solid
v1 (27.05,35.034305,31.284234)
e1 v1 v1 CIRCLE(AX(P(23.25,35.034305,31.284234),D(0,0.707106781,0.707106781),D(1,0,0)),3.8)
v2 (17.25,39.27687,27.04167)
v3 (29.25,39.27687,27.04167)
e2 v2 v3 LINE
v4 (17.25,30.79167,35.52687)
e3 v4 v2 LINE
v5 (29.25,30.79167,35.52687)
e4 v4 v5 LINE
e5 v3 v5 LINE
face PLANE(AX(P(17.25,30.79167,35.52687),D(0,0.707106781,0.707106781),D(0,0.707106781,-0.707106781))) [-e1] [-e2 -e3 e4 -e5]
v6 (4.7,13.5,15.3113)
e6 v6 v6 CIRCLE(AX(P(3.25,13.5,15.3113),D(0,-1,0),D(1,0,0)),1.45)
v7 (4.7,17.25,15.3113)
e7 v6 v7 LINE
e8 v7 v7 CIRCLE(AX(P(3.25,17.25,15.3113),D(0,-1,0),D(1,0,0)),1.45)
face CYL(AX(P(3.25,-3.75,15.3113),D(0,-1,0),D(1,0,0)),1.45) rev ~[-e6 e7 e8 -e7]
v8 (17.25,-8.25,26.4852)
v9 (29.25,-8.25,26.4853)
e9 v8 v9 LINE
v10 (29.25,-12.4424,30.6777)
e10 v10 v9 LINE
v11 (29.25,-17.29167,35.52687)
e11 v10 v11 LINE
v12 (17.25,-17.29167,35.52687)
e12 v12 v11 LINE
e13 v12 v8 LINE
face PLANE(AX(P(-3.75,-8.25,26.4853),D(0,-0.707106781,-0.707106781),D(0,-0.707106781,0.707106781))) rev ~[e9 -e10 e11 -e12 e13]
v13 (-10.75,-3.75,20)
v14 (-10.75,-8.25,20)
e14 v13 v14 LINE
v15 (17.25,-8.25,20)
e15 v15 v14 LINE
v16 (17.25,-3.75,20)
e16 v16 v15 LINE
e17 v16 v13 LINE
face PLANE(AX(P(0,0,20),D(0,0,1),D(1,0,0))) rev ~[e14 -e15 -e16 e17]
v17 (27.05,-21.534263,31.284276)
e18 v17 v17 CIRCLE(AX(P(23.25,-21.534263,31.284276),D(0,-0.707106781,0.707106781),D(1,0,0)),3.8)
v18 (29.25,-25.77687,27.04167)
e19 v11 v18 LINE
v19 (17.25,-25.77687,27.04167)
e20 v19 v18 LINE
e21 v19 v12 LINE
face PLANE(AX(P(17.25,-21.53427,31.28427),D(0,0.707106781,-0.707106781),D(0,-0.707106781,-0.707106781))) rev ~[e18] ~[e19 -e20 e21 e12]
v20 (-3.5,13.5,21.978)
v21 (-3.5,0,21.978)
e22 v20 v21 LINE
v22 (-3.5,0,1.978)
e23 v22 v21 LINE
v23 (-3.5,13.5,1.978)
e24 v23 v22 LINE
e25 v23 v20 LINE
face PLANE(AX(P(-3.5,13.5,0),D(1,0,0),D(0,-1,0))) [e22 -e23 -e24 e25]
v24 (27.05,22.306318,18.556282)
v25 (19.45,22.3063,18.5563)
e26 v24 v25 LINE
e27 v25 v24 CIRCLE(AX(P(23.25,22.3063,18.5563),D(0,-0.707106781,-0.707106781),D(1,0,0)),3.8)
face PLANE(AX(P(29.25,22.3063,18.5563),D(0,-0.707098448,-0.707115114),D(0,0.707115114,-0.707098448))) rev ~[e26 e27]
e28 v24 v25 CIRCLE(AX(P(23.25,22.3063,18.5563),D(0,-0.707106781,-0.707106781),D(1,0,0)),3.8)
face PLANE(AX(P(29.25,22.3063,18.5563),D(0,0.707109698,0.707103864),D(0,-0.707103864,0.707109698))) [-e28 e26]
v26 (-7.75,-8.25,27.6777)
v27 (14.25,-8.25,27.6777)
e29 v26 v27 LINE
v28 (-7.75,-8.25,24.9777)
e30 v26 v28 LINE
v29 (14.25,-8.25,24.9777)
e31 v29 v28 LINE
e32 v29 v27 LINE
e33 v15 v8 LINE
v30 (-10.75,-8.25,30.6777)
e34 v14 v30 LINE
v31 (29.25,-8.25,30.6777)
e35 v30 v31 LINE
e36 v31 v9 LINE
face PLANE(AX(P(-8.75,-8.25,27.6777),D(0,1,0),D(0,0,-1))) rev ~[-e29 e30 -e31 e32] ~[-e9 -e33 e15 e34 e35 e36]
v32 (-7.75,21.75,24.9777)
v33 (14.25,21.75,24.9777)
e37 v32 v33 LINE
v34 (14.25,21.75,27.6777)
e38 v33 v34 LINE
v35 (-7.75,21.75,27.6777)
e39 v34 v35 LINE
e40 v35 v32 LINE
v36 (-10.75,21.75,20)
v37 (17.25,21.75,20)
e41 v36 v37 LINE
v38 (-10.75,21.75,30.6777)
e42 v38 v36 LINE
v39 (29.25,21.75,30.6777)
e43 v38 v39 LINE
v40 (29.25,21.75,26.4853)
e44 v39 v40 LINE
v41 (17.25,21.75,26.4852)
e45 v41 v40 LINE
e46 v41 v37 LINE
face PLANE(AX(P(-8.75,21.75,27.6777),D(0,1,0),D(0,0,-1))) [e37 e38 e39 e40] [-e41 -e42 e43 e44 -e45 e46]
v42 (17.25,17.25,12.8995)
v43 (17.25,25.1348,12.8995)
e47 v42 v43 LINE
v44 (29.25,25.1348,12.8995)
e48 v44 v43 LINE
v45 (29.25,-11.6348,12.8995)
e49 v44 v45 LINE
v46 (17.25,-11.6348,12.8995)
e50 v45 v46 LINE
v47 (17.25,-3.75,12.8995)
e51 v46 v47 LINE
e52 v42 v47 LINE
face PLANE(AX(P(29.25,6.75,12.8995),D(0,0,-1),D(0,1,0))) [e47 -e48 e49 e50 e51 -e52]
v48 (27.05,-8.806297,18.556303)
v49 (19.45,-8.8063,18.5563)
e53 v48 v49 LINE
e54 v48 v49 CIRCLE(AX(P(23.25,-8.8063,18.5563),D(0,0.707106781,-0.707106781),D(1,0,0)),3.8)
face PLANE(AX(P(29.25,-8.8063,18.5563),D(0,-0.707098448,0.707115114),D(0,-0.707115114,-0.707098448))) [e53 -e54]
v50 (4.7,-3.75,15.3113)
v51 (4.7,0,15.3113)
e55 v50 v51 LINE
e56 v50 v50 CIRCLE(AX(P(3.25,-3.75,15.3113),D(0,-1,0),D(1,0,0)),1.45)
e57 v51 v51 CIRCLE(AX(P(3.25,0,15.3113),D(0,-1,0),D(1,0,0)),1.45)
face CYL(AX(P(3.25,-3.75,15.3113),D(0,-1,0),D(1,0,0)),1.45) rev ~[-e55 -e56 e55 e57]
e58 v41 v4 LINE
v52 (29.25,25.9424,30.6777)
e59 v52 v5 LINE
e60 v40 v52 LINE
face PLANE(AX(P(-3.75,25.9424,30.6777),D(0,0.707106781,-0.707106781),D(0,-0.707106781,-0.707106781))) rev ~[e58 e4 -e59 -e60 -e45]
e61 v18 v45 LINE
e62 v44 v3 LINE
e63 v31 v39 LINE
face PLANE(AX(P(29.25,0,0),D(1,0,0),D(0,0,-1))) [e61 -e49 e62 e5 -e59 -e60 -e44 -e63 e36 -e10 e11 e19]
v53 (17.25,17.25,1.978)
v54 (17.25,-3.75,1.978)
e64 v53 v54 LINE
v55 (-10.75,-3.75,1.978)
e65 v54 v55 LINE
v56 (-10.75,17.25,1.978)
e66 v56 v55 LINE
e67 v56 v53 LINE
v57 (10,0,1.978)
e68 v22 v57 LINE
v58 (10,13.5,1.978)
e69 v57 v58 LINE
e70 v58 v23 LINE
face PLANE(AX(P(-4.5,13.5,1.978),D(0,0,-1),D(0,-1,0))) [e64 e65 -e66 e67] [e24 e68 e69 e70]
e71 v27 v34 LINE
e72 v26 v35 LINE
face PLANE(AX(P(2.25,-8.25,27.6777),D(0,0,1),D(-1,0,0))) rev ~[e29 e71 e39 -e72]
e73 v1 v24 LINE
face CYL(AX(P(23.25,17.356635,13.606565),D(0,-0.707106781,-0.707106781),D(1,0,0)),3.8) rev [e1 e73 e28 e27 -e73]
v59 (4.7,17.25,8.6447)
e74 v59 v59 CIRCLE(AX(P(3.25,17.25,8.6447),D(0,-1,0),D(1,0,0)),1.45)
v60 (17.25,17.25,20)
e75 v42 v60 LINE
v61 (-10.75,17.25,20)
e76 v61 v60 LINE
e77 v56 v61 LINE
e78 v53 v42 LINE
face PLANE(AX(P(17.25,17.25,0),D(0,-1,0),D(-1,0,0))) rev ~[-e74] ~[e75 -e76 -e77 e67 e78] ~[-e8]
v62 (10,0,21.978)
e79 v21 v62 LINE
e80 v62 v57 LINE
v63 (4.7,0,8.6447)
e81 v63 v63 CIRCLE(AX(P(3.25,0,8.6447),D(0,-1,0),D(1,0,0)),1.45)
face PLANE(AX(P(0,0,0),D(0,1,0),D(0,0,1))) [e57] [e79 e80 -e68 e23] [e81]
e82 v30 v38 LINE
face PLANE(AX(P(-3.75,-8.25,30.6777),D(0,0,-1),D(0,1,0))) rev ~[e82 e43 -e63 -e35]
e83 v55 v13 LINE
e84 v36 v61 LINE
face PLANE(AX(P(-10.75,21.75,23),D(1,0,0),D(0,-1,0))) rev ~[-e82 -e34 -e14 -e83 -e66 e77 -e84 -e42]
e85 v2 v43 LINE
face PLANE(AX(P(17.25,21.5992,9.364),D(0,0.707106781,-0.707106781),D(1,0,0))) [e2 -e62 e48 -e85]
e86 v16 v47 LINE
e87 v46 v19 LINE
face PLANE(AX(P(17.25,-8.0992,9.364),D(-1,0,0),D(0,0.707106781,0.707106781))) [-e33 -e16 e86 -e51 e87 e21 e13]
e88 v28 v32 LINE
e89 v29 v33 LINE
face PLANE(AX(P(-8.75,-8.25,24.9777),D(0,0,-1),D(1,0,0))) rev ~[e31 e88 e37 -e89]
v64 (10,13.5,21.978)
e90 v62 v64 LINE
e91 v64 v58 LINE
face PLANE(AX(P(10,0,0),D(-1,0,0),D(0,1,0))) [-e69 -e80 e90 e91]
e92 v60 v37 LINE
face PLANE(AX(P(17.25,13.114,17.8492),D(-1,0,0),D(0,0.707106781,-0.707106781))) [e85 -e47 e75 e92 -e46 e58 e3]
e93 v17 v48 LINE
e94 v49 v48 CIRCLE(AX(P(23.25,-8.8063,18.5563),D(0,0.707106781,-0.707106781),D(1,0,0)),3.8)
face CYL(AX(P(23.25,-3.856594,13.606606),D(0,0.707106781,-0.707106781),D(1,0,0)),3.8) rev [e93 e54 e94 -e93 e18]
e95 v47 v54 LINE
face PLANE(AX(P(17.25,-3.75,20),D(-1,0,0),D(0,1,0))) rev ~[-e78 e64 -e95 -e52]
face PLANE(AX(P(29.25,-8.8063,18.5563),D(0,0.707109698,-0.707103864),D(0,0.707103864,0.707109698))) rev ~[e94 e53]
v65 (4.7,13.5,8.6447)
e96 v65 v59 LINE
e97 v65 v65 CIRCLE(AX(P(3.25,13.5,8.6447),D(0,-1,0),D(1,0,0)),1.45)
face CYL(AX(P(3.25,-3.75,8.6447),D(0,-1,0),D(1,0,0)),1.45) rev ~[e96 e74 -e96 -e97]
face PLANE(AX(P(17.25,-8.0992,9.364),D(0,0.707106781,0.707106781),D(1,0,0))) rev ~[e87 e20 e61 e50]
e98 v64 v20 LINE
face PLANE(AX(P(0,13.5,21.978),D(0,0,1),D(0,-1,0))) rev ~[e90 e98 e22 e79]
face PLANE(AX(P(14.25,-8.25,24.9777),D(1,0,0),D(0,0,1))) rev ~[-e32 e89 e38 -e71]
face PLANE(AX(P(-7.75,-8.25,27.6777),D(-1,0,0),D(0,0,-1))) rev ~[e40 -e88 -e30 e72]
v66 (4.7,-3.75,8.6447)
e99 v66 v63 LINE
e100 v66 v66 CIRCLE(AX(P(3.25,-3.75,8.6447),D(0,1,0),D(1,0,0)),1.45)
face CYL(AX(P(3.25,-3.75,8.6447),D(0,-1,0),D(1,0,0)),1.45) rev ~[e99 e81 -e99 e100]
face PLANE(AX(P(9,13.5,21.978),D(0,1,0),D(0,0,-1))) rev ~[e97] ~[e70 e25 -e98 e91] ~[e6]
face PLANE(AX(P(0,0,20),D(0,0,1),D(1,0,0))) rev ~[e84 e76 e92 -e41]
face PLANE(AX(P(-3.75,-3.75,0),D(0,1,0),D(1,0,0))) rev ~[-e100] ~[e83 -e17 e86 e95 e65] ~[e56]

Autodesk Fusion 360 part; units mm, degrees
sketch "Sketch1" plane through (0, 0, 0) normal (0, 0, 1) x (1, 0, 0)
  line L0 (0, 0) -> (13.5, 0)
  line L1 (13.5, 0) -> (13.5, 13.5)
  line L2 (13.5, 13.5) -> (0, 13.5)
  line L3 (0, 13.5) -> (0, 0)
  line L4 (-3.75, -3.75) -> (17.25, -3.75)
  line L5 (17.25, -3.75) -> (17.25, 17.25)
  line L6 (17.25, 17.25) -> (-3.75, 17.25)
  line L7 (-3.75, 17.25) -> (-3.75, -3.75)
  dimension "d1" = 13.5
  dimension "d2" = 13.5
  dimension "d3" = 3.75
extrude "Extrude1" add sketch "Sketch1" along normal blind 20
sketch "Sketch2" plane through (0, 0, 20) normal (0, 0, 1) x (1, 0, 0)
  line L0 (0, 0) -> (0, 13.5)
  line L1 (0, 13.5) -> (13.5, 13.5)
  line L2 (13.5, 13.5) -> (13.5, 0)
  line L3 (13.5, 0) -> (0, 0)
  line L4 (-3.75, 17.25) -> (-3.75, -3.75)
  line L5 (-3.75, -3.75) -> (17.25, -3.75)
  line L6 (17.25, -3.75) -> (17.25, 17.25)
  line L7 (17.25, 17.25) -> (-3.75, 17.25)
  line L8 (6.75, 6.75) -> (6.75, 21.75)
  line L9 (6.75, 6.75) -> (6.75, -8.25)
  line L10 (6.75, 6.75) -> (17.25, 6.75)
  line L11 (17.25, 6.75) -> (17.25, 21.75)
  line L12 (17.25, 21.75) -> (6.75, 21.75)
  line L13 (6.75, -8.25) -> (17.25, -8.25)
  line L14 (17.25, -8.25) -> (17.25, 6.75)
  line L15 (6.75, 6.75) -> (-3.75, 6.75)
  line L16 (-3.75, 6.75) -> (-3.75, 21.75)
  line L17 (-3.75, 21.75) -> (6.75, 21.75)
  line L18 (6.75, -8.25) -> (-3.75, -8.25)
  line L19 (-3.75, -8.25) -> (-3.75, 6.75)
  dimension "d6" = 15
  dimension "d7" = 15
  dimension "d8" = 15
extrude "Extrude2" add sketch "Sketch2" along normal blind 3
sketch "Sketch3" plane through (17.25, 0, 0) normal (1, 0, 0) x (0, 0, -1)
  line L0 (0, -3.75) -> (0, 17.25)
  line L1 (0, 17.25) -> (-20, 17.25)
  line L2 (-20, 17.25) -> (-20, 21.75)
  line L3 (-20, 21.75) -> (-23, 21.75)
  line L4 (-23, 21.75) -> (-23, -8.25)
  line L5 (-23, -8.25) -> (-20, -8.25)
  line L6 (-20, -8.25) -> (-20, -3.75)
  line L7 (-20, -3.75) -> (0, -3.75)
  line L8 (-23, 6.75) -> (0, 6.75)
  line L9 (-3, 6.75) -> (-13.6066, -3.8566)
  line L10 (-7.2426, 10.9926) -> (-17.8492, 0.386)
  line L11 (1.2426, 2.5074) -> (-9.364, -8.0992)
  line L12 (-7.2426, 2.5074) -> (-17.8492, 13.114)
  line L13 (-3, 6.75) -> (-13.6066, 17.3566)
  line L14 (1.2426, 10.9926) -> (-9.364, 21.5992)
  line L15 (-3, 6.75) -> (1.2426, 10.9926)
  line L16 (-3, 6.75) -> (1.2426, 2.5074)
  line L17 (-17.8492, 13.114) -> (-9.364, 21.5992)
  line L18 (-17.8492, 0.386) -> (-9.364, -8.0992)
  dimension "d14" = 45
  dimension "d15" = 6
  dimension "d16" = -6
  dimension "d17" = 15
  dimension "d18" = 20
extrude "Extrude3" add sketch "Sketch3" along normal blind 12 contours L0 L7 L9 L11 L16 | L7 L9 L11 L18 | L7 L9 L18 | L7 L9 L10 L12 L18 | L8 L9 L12 | L8 L10 L13 | L0 L1 L13 L14 L15 | L1 L10 L12 L13 L17 | L1 L13 L14 L17 | L1 L13 L17
sketch "Sketch4" plane through (0, -8.7316, 8.7316) normal (0, -0.7071, 0.7071) x (1, 0, 0)
  line L0 (17.25, 12.8943) -> (17.25, 7.045)
  line L1 (17.25, 7.045) -> (17.25, 0.8943)
  line L2 (17.25, 0.8943) -> (29.25, 0.8943)
  line L3 (29.25, 0.8943) -> (29.25, 12.8943)
  line L4 (29.25, 12.8943) -> (17.25, 12.8943)
  circle A0 centre (23.25, 6.8943) radius 3.8
  dimension "d21" = 7.6
extrude "Extrude4" cut sketch "Sketch4" against normal blind 10 contours A0
sketch "Sketch5" plane through (0, 15.4816, 15.4816) normal (0, 0.7071, 0.7071) x (1, 0, 0)
  line L0 (17.25, 2.5009) -> (17.25, -3.3483)
  line L1 (17.25, -3.3483) -> (29.25, -3.3483)
  line L2 (29.25, -3.3483) -> (29.25, 8.6517)
  line L3 (29.25, 8.6517) -> (17.25, 8.6517)
  line L4 (17.25, 8.6517) -> (17.25, 2.5009)
  circle A0 centre (23.25, 2.6517) radius 3.8
  dimension "d24" = 7.6
extrude "Extrude5" cut sketch "Sketch5" against normal blind 10 contours A0
extrude "Extrude6" add 1 faces at (18.1088, -5.6239, 11.8393) along direction (0, -0.707107, 0.707107) blind 25
extrude "Extrude7" add 1 faces at (18.1088, 19.1239, 11.8393) along direction (0, 0.707107, 0.707107) blind 25
extrude "Extrude8" add 1 faces at (17.25, 6.75, 19.1618) along direction (1, 0, 0) blind 12
sketch "Sketch6" plane through (0, 0, 23) normal (0, 0, 1) x (1, 0, 0)
  line L0 (-3.75, -8.25) -> (17.25, -8.25)
  line L1 (17.25, -8.25) -> (17.25, -4.7647)
  line L2 (17.25, -4.7647) -> (29.25, -4.7647)
  line L3 (29.25, -4.7647) -> (29.25, 18.2647)
  line L4 (29.25, 18.2647) -> (17.25, 18.2647)
  line L5 (17.25, 18.2647) -> (17.25, 21.75)
  line L6 (17.25, 21.75) -> (-3.75, 21.75)
  line L7 (-3.75, 21.75) -> (-3.75, -8.25)
  line L8 (17.25, -8.25) -> (-3.75, -8.25)
  line L9 (-3.75, -8.25) -> (-3.75, 21.75)
  line L10 (-3.75, 21.75) -> (17.25, 21.75)
  line L11 (17.25, 21.75) -> (17.25, -8.25)
extrude "Extrude9" add sketch "Sketch6" along normal blind 5 contours L0 L1 L5 L6 L7 L8 L9 L10 L11
sketch "Sketch7" plane through (17.25, 0, 0) normal (1, 0, 0) x (0, 0, -1)
  line L0 (-26.4853, -8.25) -> (-23, -4.7647)
  line L1 (-23, -4.7647) -> (-23, 18.2647)
  line L2 (-23, 18.2647) -> (-26.4853, 21.75)
  line L3 (-26.4853, 21.75) -> (-28, 21.75)
  line L4 (-28, 21.75) -> (-28, -8.25)
  line L5 (-28, -8.25) -> (-26.4853, -8.25)
  line L6 (-28, -8.25) -> (-28, 21.75)
sketch "Sketch8" plane through (29.25, 0, 0) normal (1, 0, 0) x (0, 0, -1)
  line L0 (-23, -4.7647) -> (-35.5269, -17.2916)
  line L1 (-35.5269, -17.2916) -> (-27.0416, -25.7769)
  line L2 (-27.0416, -25.7769) -> (0, 1.2647)
  line L3 (0, 1.2647) -> (0, 3.75)
  line L4 (0, 3.75) -> (-3, 6.75)
  line L5 (-3, 6.75) -> (0, 9.75)
  line L6 (0, 9.75) -> (0, 12.2353)
  line L7 (0, 12.2353) -> (-27.0416, 39.2769)
  line L8 (-27.0416, 39.2769) -> (-35.5269, 30.7916)
  line L9 (-35.5269, 30.7916) -> (-23, 18.2647)
  line L10 (-23, 18.2647) -> (-23, -4.7647)
  line L11 (-29.2635, 24.5282) -> (-29.2635, -11.0282)
  line L12 (-29.2635, 24.5282) -> (-29.9706, 25.2353)
  line L13 (-29.2635, -11.0282) -> (-29.9706, -11.7353)
  line L14 (-29.9706, -11.7353) -> (-29.9706, 25.2353)
  line L15 (-29.9706, 25.2353) -> (-30.6777, 25.9424)
  line L16 (-29.9706, -11.7353) -> (-30.6777, -12.4424)
  line L17 (-30.6777, -12.4424) -> (-30.6777, 25.9424)
  dimension "d35" = 1
  dimension "d36" = 1
  dimension "d37" = 1
  dimension "d38" = 1
extrude "Extrude10" add sketch "Sketch8" against normal blind 33 contours L0 L9 L10 L11 | L0 L9 L11 L12 L13 L14 | L0 L9 L14 L15 L16 L17
sketch "Sketch9" plane through (-3.75, 0, 0) normal (-1, 0, 0) x (0, 0, 1)
  line L0 (26.4853, 21.75) -> (20, 21.75)
  line L1 (20, 21.75) -> (20, 17.25)
  line L2 (20, 17.25) -> (0, 17.25)
  line L3 (0, 17.25) -> (0, -3.75)
  line L4 (0, -3.75) -> (20, -3.75)
  line L5 (20, -3.75) -> (20, -8.25)
  line L6 (20, -8.25) -> (26.4853, -8.25)
  line L7 (26.4853, -8.25) -> (30.6777, -12.4424)
  line L8 (30.6777, -12.4424) -> (30.6777, 25.9424)
  line L9 (30.6777, 25.9424) -> (26.4853, 21.75)
  line L10 (26.4853, 21.75) -> (35, 21.75)
  line L11 (26.4853, -8.25) -> (40, -8.25)
extrude "Extrude11" cut sketch "Sketch9" against normal blind 40 contours L8 L9 L10 | L7 L8 L11
sketch "Sketch10" plane through (29.25, 0, 0) normal (1, 0, 0) x (0, 0, -1)
  line L0 (-30.6777, -8.25) -> (-26.4853, -8.25)
  line L1 (-26.4853, -8.25) -> (-35.5269, -17.2916)
  line L2 (-35.5269, -17.2916) -> (-27.0416, -25.7769)
  line L3 (-27.0416, -25.7769) -> (0, 1.2647)
  line L4 (0, 1.2647) -> (0, 3.75)
  line L5 (0, 3.75) -> (-3, 6.75)
  line L6 (-3, 6.75) -> (0, 9.75)
  line L7 (0, 9.75) -> (0, 12.2353)
  line L8 (0, 12.2353) -> (-27.0416, 39.2769)
  line L9 (-27.0416, 39.2769) -> (-35.5269, 30.7916)
  line L10 (-35.5269, 30.7916) -> (-26.4853, 21.75)
  line L11 (-26.4853, 21.75) -> (-30.6777, 21.75)
  line L12 (-30.6777, 21.75) -> (-30.6777, -8.25)
  line L13 (-31.2843, -21.5343) -> (-17.1421, -7.3921)
  line L14 (-17.1421, -7.3921) -> (-12.8995, -11.6348)
  line L15 (-35.5269, -17.2916) -> (-21.3848, -3.1495)
  line L16 (-21.3848, -3.1495) -> (-17.1421, -7.3921)
  line L17 (-12.8995, -11.6348) -> (-12.8995, 25.1348)
  line L18 (-30.6777, 6.75) -> (-12.8995, 6.75)
  line L19 (-31.2843, 35.0343) -> (-17.1421, 20.8921)
  line L20 (-35.5269, 30.7916) -> (-21.3848, 16.6495)
  line L21 (-21.3848, 16.6495) -> (-17.1421, 20.8921)
  line L22 (-27.0416, 39.2769) -> (0, 12.2353)
  line L23 (-17.1421, 20.8921) -> (-12.8995, 25.1348)
  line L24 (-35.5269, 30.7916) -> (-27.0416, 39.2769)
  dimension "d43" = 20
  dimension "d44" = 20
extrude "Extrude12" cut sketch "Sketch10" against normal blind 12 contours L3 L4 L5 L6 L7 L8 L17 L22
sketch "Sketch11" plane through (0, 0, 12.8995) normal (0, 0, -1) x (-1, 0, 0)
  ellipse E0 centre (-23.25, 16.6495) end of major axis (-23.25, 11.2755) minor radius 3.8
  ellipse E1 centre (-23.25, -3.1495) end of major axis (-23.25, -8.5235) minor radius 3.8
  line L0 (-29.25, 25.1348) -> (-29.25, -11.6348)
  line L1 (-29.25, -11.6348) -> (-17.25, -11.6348)
  line L2 (-17.25, -11.6348) -> (-17.25, -3.75)
  line L3 (-17.25, -3.75) -> (-17.25, 17.25)
  line L4 (-17.25, 17.25) -> (-17.25, 25.1348)
  line L5 (-17.25, 25.1348) -> (-29.25, 25.1348)
  line L6 (-17.25, -11.6348) -> (-29.25, -11.6348)
  line L7 (-29.25, -11.6348) -> (-29.25, 25.1348)
  line L8 (-29.25, 25.1348) -> (-17.25, 25.1348)
  line L9 (-17.25, 25.1348) -> (-17.25, -11.6348)
sketch "Sketch12" plane through (29.25, 0, 0) normal (1, 0, 0) x (0, 0, -1)
  line L0 (-12.8995, -11.6348) -> (-12.8995, 25.1348)
  line L1 (-12.8995, 25.1348) -> (-27.0416, 39.2769)
  line L2 (-27.0416, 39.2769) -> (-35.5269, 30.7916)
  line L3 (-35.5269, 30.7916) -> (-26.4853, 21.75)
  line L4 (-26.4853, 21.75) -> (-30.6777, 21.75)
  line L5 (-30.6777, 21.75) -> (-30.6777, -8.25)
  line L6 (-30.6777, -8.25) -> (-26.4853, -8.25)
  line L7 (-26.4853, -8.25) -> (-35.5269, -17.2916)
  line L8 (-35.5269, -17.2916) -> (-27.0416, -25.7769)
  line L9 (-27.0416, -25.7769) -> (-12.8995, -11.6348)
  line L10 (-31.2843, -21.5343) -> (-18.5563, -8.8063)
  line L11 (-18.5563, -8.8063) -> (-14.3137, -13.049)
  line L12 (-18.5563, -8.8063) -> (-30.6777, 3.315)
  line L13 (-30.6777, 6.75) -> (-12.8995, 6.75)
  line L14 (-18.5563, 22.3063) -> (-30.6777, 10.185)
  line L15 (-18.5563, 22.3063) -> (-14.3137, 26.549)
  dimension "d47" = 18
extrude "Extrude13" add sketch "Sketch12" against normal blind 12 contours L0 L5 L9 L11 L12 L13 | L0 L1 L5 L13 L14 L15
extrude "Extrude14" cut 1 faces at (4.5, 9, 20) along direction (0, 0, 1) blind 5
sketch "Sketch13" plane through (0, -8.25, 0) normal (0, -1, 0) x (1, 0, 0)
  line L0 (17.25, 20) -> (17.25, 26.4853)
  line L1 (17.25, 26.4853) -> (29.25, 26.4853)
  line L2 (29.25, 26.4853) -> (29.25, 30.6777)
  line L3 (6.75, 20) -> (6.75, 24.9777)
  line L4 (6.75, 24.9777) -> (6.75, 25.9777)
extrude "Extrude15" add 1 faces at (-3.75, 10.25, 6.6667) along direction (-1, 0, 0) blind 9
extrude "Extrude16" cut 1 faces at (0, 9, 8.3333) along direction (-1, 0, 0) blind 9
extrude "Extrude17" add 1 faces at (13.5, 4.5, 8.3333) along direction (-1, 0, 0) blind 9
extrude "Extrude18" cut 1 faces at (4.5, 4.5, 8.3333) along direction (1, 0, 0) blind 8.25
extrude "Extrude19" add 1 faces at (-9, 9, 8.3333) along direction (1, 0, 0) blind 8.25
extrude "Extrude20" add 1 faces at (3.75, 9, 25) along direction (0, 0, -1) blind 25
sketch "Sketch14" plane through (0, 0, 0) normal (0, 0, -1) x (-1, 0, 0)
  line L0 (-17.25, 17.25) -> (-17.25, -3.75)
  line L1 (-17.25, -3.75) -> (12.75, -3.75)
  line L2 (12.75, -3.75) -> (12.75, 17.25)
  line L3 (12.75, 17.25) -> (-17.25, 17.25)
  line L4 (-9, 13.5) -> (4.5, 13.5)
  line L5 (4.5, 13.5) -> (4.5, 0)
  line L6 (4.5, 0) -> (-9, 0)
  line L7 (-9, 0) -> (-9, 13.5)
  line L8 (-17.25, 25.1348) -> (-17.25, -11.6348)
  dimension "d70" = 13.5
  dimension "d71" = 13.5
  dimension "d72" = 8.25
  dimension "d73" = 8.25
  dimension "d74" = 3.75
  dimension "d75" = 21
  dimension "d76" = 13.5
  dimension "d77" = 3.75
extrude "Extrude21" cut sketch "Sketch14" against normal blind 20 contours L4 L5 L6 L7
sketch "Sketch15" plane through (0, -8.25, 0) normal (0, -1, 0) x (1, 0, 0)
  line L0 (-12.75, 20) -> (17.25, 20)
  line L1 (17.25, 20) -> (17.25, 26.4853)
  line L2 (17.25, 26.4853) -> (29.25, 26.4853)
  line L3 (29.25, 26.4853) -> (29.25, 30.6777)
  line L4 (29.25, 30.6777) -> (-12.75, 30.6777)
  line L5 (-12.75, 30.6777) -> (-12.75, 20)
  line L6 (-12.75, 20) -> (17.25, 20)
  line L7 (2.25, 20) -> (2.25, 30.6777)
  line L8 (2.25, 30.6777) -> (2.25, 27.6777)
  line L9 (2.25, 27.6777) -> (13.25, 27.6777)
  line L10 (2.25, 27.6777) -> (-8.75, 27.6777)
  line L11 (-8.75, 27.6777) -> (-8.75, 24.9777)
  line L12 (-8.75, 24.9777) -> (13.25, 24.9777)
  line L13 (13.25, 24.9777) -> (13.25, 27.6777)
  line L14 (2.25, 24.9777) -> (2.25, 21.9777)
  line L15 (2.25, 20) -> (2.25, 21.9777)
  dimension "d80" = 3
  dimension "d81" = 11
  dimension "d82" = 11
  dimension "d83" = 2.7
  dimension "d84" = 22
  dimension "d85" = 3
  dimension "d86" = 1.9777
extrude "Extrude22" cut sketch "Sketch15" against normal blind 36 contours L7 L10 L11 L12 | L7 L9 L12 L13
extrude "Extrude23" cut 1 faces at (4.5, 4.5, 20) along direction (0, 0, 1) blind 1.978
extrude "Extrude24" cut 1 faces at (-10, 9, 0) along direction (0, 0, 1) blind 1.978
extrude "Extrude25" cut 1 faces at (13.25, 1.75, 25.8777) along direction (1, 0, 0) blind 1
extrude "Extrude26" add 1 faces at (-8.75, 1.75, 26.7777) along direction (1, 0, 0) blind 1
extrude "Extrude27" cut 1 faces at (9, 4.5, 8.6447) along direction (1, 0, 0) blind 1
extrude "Extrude28" add 1 faces at (-4.5, 9, 8.6447) along direction (1, 0, 0) blind 1
extrude "Extrude29" cut 1 faces at (-12.75, 10.25, 7.9853) along direction (1, 0, 0) blind 2
sketch "Sketch16" plane through (0, -3.75, 0) normal (0, -1, 0) x (1, 0, 0)
  line L0 (-10.75, 20) -> (-10.75, 1.978)
  line L1 (-10.75, 1.978) -> (17.25, 1.978)
  line L2 (17.25, 1.978) -> (17.25, 12.8995)
  line L3 (17.25, 12.8995) -> (17.25, 20)
  line L4 (17.25, 20) -> (-10.75, 20)
  line L5 (3.25, 1.978) -> (3.25, 8.6447)
  circle A0 centre (3.25, 8.6447) radius 1.45
  circle A1 centre (3.25, 15.3113) radius 1.45
  dimension "d103" = 6.6667
  dimension "d104" = 2.9
  dimension "d105" = 2.9
  dimension "d106" = 6.6667
extrude "Extrude30" cut sketch "Sketch16" against normal blind 31 contours A0 | A1
equation "d103 = ( 20 / 3 ) * 1 mm"
equation "d106 = ( 20 / 3 ) * 1 mm"
